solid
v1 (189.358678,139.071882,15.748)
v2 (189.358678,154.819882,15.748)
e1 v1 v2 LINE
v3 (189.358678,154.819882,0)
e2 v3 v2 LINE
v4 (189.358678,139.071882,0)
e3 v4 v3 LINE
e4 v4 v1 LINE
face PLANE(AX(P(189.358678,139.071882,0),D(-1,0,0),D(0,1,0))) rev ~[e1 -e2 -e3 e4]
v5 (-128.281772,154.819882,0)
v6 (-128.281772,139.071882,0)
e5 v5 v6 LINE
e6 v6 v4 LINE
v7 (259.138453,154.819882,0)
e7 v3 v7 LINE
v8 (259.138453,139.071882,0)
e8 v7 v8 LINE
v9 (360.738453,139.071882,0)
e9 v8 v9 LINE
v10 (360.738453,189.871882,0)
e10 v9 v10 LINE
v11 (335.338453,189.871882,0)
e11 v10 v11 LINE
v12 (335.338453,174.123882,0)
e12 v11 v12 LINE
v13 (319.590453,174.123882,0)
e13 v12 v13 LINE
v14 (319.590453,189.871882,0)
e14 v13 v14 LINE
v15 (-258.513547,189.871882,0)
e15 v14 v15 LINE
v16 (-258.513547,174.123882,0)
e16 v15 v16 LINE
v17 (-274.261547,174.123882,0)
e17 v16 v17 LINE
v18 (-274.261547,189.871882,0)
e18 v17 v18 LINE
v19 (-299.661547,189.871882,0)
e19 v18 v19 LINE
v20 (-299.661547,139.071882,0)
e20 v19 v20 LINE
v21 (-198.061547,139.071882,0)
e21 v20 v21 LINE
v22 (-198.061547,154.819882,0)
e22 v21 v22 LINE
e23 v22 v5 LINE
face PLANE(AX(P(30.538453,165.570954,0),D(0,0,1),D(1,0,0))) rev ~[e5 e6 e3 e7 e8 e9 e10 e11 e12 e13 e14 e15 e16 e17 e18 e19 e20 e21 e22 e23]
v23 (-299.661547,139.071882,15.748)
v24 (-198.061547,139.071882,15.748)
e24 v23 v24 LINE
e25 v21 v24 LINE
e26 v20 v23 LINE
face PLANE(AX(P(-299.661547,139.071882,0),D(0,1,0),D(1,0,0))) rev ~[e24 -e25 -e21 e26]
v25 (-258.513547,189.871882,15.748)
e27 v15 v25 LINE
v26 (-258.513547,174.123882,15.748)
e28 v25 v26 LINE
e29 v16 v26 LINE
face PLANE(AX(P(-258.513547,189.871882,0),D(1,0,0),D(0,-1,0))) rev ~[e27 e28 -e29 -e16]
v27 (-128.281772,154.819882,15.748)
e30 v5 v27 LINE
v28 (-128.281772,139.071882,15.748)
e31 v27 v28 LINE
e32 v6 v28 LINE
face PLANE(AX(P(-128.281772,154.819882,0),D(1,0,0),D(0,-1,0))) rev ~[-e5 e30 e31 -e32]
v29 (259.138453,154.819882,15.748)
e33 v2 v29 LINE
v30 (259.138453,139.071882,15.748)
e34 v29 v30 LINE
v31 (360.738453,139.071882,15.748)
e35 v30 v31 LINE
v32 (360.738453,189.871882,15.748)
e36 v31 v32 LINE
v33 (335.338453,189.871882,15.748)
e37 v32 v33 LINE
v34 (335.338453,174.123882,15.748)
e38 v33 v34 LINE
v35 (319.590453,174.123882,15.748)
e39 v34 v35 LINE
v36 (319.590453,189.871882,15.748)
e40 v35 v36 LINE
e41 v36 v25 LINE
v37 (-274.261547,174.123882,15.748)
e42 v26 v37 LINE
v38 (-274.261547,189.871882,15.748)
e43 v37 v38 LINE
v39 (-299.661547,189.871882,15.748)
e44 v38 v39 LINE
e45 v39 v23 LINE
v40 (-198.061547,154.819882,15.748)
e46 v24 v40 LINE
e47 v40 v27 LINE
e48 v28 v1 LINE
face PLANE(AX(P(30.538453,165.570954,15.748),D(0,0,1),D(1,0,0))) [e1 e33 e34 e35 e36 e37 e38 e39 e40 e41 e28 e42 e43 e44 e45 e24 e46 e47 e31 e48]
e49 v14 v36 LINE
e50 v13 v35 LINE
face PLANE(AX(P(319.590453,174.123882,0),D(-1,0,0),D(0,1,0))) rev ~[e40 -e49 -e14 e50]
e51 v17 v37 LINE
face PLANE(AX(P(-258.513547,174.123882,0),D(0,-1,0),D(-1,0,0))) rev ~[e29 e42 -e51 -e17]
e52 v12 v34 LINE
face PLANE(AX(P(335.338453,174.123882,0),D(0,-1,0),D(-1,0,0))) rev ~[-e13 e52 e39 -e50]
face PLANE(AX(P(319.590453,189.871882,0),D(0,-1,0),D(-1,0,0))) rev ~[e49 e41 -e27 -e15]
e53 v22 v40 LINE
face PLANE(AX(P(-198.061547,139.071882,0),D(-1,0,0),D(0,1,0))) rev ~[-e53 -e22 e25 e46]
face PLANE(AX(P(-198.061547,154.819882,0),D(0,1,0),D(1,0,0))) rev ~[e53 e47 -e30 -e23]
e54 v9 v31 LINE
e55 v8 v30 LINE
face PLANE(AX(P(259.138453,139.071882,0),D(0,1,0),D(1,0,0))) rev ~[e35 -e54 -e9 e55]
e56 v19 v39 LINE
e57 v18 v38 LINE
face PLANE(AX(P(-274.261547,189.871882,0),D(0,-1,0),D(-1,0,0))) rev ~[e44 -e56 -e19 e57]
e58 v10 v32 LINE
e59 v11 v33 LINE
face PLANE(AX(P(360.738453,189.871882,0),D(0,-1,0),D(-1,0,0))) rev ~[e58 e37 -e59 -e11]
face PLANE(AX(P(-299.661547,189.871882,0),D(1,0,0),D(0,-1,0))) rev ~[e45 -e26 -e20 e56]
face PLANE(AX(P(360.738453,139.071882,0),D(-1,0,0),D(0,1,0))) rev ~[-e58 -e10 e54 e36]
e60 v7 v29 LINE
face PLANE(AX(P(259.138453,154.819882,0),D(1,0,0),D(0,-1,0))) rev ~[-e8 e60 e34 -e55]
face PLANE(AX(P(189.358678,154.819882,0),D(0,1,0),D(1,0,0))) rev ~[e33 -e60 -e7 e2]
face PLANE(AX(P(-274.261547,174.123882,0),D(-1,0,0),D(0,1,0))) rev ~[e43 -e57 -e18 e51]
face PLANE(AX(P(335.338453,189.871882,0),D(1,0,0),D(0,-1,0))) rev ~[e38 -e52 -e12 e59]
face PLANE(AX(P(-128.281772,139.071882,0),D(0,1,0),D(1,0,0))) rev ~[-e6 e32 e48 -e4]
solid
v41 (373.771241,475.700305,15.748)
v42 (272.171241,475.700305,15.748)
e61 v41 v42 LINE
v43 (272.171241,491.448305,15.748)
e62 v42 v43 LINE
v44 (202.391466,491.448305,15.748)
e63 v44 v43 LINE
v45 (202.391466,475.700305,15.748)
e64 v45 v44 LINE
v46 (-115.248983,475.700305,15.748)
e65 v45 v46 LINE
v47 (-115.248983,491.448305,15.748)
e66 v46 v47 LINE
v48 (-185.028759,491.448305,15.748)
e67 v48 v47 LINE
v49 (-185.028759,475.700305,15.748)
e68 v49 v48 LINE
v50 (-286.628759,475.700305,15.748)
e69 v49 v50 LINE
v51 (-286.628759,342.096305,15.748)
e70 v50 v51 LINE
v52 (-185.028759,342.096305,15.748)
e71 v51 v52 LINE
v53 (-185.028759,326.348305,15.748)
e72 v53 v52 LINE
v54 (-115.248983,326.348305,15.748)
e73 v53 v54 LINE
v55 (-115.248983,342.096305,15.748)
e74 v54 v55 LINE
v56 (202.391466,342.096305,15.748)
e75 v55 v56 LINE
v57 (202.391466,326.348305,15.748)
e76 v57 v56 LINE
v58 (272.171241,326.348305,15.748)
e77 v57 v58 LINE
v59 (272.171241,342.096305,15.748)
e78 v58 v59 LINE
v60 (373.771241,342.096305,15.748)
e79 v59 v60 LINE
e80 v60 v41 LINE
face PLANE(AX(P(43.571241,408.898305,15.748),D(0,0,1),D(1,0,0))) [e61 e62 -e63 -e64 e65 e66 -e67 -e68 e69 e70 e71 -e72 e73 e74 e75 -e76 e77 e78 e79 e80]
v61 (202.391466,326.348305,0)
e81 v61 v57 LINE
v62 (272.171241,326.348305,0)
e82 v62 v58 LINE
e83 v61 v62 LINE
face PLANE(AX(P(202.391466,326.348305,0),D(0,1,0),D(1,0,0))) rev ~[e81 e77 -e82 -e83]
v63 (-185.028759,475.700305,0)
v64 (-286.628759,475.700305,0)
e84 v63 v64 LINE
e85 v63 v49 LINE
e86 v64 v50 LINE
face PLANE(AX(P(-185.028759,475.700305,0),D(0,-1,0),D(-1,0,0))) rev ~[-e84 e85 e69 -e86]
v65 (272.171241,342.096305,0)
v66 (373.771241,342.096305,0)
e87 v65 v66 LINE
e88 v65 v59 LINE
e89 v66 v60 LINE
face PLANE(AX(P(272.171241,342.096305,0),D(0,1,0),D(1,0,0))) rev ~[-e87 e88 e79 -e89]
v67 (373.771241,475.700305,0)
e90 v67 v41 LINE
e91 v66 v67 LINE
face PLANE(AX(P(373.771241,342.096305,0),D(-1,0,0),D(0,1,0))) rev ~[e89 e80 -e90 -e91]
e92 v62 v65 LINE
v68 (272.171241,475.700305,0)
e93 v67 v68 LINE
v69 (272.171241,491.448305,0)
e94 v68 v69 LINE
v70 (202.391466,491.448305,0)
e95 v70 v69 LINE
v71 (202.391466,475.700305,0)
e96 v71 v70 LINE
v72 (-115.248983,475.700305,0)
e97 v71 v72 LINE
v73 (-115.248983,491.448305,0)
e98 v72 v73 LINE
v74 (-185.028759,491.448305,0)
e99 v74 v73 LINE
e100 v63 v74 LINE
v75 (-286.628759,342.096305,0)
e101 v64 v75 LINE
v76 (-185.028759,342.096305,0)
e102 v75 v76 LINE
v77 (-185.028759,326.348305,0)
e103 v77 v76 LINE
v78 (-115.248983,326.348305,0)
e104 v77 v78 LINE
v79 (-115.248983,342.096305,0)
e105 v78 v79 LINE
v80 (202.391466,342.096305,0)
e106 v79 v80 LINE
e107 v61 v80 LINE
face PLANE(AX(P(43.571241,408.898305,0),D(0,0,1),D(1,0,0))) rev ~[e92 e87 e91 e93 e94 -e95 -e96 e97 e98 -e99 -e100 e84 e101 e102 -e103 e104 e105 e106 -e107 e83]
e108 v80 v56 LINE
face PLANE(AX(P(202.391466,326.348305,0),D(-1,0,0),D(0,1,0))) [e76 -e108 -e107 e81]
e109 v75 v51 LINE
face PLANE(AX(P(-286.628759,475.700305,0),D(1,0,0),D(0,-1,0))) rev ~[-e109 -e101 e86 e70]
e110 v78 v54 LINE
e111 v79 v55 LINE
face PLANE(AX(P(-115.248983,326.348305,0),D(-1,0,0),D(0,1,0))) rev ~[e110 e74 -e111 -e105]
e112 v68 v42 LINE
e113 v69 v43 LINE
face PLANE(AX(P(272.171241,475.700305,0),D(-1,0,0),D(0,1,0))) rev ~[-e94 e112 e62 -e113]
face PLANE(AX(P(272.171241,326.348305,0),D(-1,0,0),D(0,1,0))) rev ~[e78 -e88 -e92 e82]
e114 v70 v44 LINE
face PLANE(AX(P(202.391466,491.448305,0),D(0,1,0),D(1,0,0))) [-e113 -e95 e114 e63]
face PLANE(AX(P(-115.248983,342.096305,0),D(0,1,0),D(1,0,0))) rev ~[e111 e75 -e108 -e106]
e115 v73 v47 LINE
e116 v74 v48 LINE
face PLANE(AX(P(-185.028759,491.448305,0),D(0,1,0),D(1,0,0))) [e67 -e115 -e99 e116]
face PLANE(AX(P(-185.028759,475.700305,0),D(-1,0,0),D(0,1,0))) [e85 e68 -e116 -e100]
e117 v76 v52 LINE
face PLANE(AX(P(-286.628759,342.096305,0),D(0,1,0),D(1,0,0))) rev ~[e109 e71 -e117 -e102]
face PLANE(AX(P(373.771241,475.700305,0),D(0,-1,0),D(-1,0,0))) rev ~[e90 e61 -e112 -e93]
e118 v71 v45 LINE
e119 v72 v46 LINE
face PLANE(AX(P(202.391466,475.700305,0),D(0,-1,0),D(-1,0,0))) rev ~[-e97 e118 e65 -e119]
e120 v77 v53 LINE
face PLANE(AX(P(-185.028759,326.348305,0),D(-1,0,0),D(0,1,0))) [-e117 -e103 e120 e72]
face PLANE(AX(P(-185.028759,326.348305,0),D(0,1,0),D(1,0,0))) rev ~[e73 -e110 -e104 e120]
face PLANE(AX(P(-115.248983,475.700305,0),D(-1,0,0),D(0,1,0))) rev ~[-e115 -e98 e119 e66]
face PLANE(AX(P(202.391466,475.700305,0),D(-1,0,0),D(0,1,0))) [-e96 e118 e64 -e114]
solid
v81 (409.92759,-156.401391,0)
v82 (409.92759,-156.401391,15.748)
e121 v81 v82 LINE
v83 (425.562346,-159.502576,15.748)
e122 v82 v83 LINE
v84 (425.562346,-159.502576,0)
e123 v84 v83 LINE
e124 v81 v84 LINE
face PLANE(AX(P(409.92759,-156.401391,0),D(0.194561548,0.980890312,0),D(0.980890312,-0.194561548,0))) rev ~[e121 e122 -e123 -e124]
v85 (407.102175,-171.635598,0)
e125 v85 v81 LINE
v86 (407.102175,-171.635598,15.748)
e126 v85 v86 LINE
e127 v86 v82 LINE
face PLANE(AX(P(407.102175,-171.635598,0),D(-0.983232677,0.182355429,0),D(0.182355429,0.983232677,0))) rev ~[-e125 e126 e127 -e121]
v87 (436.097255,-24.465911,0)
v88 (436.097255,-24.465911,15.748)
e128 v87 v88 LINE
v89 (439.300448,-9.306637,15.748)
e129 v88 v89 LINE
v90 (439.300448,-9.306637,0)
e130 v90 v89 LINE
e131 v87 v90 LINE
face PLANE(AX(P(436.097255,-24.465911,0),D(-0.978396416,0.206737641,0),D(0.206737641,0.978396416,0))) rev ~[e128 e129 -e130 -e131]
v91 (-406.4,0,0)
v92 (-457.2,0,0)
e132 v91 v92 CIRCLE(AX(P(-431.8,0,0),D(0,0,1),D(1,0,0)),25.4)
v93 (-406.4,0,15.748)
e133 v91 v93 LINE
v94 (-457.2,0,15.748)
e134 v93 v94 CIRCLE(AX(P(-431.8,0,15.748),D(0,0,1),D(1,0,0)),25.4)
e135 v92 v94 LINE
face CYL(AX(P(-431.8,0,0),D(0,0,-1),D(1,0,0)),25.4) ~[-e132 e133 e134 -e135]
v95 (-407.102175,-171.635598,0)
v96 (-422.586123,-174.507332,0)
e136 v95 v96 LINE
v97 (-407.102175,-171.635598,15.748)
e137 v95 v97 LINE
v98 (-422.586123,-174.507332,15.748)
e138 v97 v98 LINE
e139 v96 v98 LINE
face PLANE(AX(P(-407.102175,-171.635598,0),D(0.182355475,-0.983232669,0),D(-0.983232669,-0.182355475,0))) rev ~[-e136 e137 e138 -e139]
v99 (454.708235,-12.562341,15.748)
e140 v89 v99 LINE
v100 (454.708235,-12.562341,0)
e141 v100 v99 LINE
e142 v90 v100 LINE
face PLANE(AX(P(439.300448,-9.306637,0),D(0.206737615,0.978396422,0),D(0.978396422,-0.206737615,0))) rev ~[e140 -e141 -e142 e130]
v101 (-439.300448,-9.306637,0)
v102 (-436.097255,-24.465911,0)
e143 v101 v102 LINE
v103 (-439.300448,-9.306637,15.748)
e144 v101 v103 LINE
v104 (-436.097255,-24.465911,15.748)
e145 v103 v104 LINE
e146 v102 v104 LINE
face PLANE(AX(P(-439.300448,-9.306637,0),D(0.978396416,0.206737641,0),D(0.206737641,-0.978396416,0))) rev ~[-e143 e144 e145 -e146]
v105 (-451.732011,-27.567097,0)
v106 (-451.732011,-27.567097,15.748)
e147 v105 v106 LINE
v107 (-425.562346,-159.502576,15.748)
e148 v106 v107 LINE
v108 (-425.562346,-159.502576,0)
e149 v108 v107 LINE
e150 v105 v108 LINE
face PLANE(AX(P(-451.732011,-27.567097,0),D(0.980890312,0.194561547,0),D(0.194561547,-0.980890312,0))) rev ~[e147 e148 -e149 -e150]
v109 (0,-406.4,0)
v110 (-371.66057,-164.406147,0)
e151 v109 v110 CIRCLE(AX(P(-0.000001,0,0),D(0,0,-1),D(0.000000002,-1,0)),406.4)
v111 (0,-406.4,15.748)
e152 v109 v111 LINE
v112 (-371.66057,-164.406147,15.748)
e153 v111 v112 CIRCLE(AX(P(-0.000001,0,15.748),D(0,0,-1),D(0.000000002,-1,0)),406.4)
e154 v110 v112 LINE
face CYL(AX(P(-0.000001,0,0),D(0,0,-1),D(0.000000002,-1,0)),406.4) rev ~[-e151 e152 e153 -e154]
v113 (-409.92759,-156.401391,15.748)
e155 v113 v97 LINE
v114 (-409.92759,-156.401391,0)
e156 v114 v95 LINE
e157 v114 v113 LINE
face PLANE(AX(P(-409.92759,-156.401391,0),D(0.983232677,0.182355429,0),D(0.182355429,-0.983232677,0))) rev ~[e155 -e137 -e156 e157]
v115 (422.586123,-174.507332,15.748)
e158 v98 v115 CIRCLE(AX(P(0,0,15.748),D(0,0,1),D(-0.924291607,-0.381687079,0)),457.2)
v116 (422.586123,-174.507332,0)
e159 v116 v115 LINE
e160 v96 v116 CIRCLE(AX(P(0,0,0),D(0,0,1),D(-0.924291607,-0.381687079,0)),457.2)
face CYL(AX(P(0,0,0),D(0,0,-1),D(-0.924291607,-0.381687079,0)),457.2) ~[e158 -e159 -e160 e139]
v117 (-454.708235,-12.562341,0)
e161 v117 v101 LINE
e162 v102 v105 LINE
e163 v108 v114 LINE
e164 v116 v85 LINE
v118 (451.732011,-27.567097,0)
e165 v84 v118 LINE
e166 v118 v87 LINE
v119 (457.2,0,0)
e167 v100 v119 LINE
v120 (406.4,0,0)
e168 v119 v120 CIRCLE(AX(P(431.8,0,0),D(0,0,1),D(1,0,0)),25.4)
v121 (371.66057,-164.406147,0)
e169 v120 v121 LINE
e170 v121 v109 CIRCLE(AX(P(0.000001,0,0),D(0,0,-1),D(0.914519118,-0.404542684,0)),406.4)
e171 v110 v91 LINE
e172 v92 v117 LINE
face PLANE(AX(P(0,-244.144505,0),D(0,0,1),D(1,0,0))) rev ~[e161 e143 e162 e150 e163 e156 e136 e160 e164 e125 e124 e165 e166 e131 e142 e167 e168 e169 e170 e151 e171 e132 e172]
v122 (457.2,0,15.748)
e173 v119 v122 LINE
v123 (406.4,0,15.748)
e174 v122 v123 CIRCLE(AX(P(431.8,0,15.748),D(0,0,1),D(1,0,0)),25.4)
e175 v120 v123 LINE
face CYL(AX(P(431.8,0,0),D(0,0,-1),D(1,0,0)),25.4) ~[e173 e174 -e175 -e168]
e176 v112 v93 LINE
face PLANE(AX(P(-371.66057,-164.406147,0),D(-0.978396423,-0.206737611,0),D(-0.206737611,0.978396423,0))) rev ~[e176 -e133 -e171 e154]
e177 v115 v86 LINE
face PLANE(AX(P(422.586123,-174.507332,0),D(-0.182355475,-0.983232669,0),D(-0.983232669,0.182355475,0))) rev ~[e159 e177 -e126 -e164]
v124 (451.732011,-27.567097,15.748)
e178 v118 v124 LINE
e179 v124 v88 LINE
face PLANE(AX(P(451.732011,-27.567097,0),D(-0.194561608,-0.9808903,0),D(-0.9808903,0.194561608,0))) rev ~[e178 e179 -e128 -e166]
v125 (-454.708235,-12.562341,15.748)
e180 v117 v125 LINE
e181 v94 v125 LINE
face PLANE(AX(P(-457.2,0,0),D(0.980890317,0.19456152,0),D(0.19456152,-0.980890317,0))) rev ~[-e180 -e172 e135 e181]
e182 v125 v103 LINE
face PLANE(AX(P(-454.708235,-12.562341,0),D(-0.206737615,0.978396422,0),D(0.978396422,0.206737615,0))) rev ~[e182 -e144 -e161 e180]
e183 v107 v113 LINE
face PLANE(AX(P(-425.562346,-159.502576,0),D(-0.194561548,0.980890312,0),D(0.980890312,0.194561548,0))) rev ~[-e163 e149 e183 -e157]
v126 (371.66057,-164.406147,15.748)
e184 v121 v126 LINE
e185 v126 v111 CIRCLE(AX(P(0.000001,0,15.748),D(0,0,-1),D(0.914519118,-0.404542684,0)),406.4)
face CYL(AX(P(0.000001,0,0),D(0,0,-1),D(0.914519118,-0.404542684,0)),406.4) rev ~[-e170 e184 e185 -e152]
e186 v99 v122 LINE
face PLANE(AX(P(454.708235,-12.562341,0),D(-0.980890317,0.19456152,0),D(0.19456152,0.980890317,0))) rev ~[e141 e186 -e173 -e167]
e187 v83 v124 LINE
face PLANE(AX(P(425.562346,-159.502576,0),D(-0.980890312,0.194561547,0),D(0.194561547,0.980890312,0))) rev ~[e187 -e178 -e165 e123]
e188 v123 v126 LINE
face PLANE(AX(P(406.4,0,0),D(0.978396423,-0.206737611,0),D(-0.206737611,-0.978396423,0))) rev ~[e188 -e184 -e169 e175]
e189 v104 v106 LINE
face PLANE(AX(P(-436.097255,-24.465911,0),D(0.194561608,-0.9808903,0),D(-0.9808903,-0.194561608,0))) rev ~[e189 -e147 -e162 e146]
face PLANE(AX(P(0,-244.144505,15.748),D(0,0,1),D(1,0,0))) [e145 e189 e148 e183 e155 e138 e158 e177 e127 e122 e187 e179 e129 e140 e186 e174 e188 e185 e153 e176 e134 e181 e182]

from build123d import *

# Parameters (mm, degrees)
F0_W     = 69.779775
F0_H     = 15.748
F1_DEPTH = 15.748


with BuildPart() as f1:
    # F0 (on Top) → F1 (new body)
    with BuildSketch(Plane.XY):
        Polygon((-115.248984, 475.700305), (-185.028759, 475.700305), (-286.628759, 475.700305), (-286.628759, 342.096305), (-185.028759, 342.096305), (-115.248984, 342.096305), (202.391466, 342.096305), (272.171241, 342.096305), (373.771241, 342.096305), (373.771241, 475.700305), (272.171241, 475.700305), (202.391466, 475.700305), align=None)
        with Locations((-150.138871, 483.574305)):
            Rectangle(F0_W, F0_H)
        with Locations((-150.138871, 334.222305)):
            Rectangle(F0_W, F0_H)
        with Locations((237.281353, 483.574305)):
            Rectangle(F0_W, F0_H)
        with Locations((237.281353, 334.222305)):
            Rectangle(F0_W, F0_H)
        Polygon((-283.913547, 189.871882), (-299.661547, 189.871882), (-299.661547, 139.071882), (-198.061547, 139.071882), (-198.061547, 154.819882), (-128.281772, 154.819882), (-128.281772, 139.071882), (189.358678, 139.071882), (189.358678, 154.819882), (259.138453, 154.819882), (259.138453, 139.071882), (360.738453, 139.071882), (360.738453, 189.871882), (335.338453, 189.871882), (335.338453, 174.123882), (319.590453, 174.123882), (319.590453, 189.871882), (-258.513547, 189.871882), (-258.513547, 174.123882), (-274.261547, 174.123882), (-274.261547, 189.871882), align=None)
        with BuildLine():
            Line((-407.102175, -171.635598), (-422.586123, -174.507332))
            ThreePointArc((-422.586123, -174.507332), (0, -457.2), (422.586123, -174.507332))
            Line((422.586123, -174.507332), (407.102175, -171.635598))
            Line((407.102175, -171.635598), (409.92759, -156.401391))
            Line((409.92759, -156.401391), (425.562346, -159.502576))
            Line((425.562346, -159.502576), (451.732011, -27.567097))
            Line((451.732011, -27.567097), (436.097255, -24.465911))
            Line((436.097255, -24.465911), (439.300448, -9.306637))
            Line((439.300448, -9.306637), (454.708235, -12.562341))
            Line((454.708235, -12.562341), (457.2, 0))
            ThreePointArc((457.2, 0), (431.8, 25.4), (406.4, 0))
            Line((406.4, 0), (371.66057, -164.406147))
            ThreePointArc((371.66057, -164.406147), (221.7502, -340.56983), (0, -406.4))
            ThreePointArc((0, -406.4), (-221.7502, -340.56983), (-371.66057, -164.406147))
            Line((-371.66057, -164.406147), (-406.4, 0))
            ThreePointArc((-406.4, 0), (-431.8, 25.4), (-457.2, 0))
            Line((-457.2, 0), (-454.708235, -12.562341))
            Line((-454.708235, -12.562341), (-439.300448, -9.306637))
            Line((-439.300448, -9.306637), (-436.097255, -24.465911))
            Line((-436.097255, -24.465911), (-451.732011, -27.567097))
            Line((-451.732011, -27.567097), (-425.562346, -159.502576))
            Line((-425.562346, -159.502576), (-409.92759, -156.401391))
            Line((-409.92759, -156.401391), (-407.102175, -171.635598))
        make_face()
    extrude(amount=F1_DEPTH)


solid = f1.part
